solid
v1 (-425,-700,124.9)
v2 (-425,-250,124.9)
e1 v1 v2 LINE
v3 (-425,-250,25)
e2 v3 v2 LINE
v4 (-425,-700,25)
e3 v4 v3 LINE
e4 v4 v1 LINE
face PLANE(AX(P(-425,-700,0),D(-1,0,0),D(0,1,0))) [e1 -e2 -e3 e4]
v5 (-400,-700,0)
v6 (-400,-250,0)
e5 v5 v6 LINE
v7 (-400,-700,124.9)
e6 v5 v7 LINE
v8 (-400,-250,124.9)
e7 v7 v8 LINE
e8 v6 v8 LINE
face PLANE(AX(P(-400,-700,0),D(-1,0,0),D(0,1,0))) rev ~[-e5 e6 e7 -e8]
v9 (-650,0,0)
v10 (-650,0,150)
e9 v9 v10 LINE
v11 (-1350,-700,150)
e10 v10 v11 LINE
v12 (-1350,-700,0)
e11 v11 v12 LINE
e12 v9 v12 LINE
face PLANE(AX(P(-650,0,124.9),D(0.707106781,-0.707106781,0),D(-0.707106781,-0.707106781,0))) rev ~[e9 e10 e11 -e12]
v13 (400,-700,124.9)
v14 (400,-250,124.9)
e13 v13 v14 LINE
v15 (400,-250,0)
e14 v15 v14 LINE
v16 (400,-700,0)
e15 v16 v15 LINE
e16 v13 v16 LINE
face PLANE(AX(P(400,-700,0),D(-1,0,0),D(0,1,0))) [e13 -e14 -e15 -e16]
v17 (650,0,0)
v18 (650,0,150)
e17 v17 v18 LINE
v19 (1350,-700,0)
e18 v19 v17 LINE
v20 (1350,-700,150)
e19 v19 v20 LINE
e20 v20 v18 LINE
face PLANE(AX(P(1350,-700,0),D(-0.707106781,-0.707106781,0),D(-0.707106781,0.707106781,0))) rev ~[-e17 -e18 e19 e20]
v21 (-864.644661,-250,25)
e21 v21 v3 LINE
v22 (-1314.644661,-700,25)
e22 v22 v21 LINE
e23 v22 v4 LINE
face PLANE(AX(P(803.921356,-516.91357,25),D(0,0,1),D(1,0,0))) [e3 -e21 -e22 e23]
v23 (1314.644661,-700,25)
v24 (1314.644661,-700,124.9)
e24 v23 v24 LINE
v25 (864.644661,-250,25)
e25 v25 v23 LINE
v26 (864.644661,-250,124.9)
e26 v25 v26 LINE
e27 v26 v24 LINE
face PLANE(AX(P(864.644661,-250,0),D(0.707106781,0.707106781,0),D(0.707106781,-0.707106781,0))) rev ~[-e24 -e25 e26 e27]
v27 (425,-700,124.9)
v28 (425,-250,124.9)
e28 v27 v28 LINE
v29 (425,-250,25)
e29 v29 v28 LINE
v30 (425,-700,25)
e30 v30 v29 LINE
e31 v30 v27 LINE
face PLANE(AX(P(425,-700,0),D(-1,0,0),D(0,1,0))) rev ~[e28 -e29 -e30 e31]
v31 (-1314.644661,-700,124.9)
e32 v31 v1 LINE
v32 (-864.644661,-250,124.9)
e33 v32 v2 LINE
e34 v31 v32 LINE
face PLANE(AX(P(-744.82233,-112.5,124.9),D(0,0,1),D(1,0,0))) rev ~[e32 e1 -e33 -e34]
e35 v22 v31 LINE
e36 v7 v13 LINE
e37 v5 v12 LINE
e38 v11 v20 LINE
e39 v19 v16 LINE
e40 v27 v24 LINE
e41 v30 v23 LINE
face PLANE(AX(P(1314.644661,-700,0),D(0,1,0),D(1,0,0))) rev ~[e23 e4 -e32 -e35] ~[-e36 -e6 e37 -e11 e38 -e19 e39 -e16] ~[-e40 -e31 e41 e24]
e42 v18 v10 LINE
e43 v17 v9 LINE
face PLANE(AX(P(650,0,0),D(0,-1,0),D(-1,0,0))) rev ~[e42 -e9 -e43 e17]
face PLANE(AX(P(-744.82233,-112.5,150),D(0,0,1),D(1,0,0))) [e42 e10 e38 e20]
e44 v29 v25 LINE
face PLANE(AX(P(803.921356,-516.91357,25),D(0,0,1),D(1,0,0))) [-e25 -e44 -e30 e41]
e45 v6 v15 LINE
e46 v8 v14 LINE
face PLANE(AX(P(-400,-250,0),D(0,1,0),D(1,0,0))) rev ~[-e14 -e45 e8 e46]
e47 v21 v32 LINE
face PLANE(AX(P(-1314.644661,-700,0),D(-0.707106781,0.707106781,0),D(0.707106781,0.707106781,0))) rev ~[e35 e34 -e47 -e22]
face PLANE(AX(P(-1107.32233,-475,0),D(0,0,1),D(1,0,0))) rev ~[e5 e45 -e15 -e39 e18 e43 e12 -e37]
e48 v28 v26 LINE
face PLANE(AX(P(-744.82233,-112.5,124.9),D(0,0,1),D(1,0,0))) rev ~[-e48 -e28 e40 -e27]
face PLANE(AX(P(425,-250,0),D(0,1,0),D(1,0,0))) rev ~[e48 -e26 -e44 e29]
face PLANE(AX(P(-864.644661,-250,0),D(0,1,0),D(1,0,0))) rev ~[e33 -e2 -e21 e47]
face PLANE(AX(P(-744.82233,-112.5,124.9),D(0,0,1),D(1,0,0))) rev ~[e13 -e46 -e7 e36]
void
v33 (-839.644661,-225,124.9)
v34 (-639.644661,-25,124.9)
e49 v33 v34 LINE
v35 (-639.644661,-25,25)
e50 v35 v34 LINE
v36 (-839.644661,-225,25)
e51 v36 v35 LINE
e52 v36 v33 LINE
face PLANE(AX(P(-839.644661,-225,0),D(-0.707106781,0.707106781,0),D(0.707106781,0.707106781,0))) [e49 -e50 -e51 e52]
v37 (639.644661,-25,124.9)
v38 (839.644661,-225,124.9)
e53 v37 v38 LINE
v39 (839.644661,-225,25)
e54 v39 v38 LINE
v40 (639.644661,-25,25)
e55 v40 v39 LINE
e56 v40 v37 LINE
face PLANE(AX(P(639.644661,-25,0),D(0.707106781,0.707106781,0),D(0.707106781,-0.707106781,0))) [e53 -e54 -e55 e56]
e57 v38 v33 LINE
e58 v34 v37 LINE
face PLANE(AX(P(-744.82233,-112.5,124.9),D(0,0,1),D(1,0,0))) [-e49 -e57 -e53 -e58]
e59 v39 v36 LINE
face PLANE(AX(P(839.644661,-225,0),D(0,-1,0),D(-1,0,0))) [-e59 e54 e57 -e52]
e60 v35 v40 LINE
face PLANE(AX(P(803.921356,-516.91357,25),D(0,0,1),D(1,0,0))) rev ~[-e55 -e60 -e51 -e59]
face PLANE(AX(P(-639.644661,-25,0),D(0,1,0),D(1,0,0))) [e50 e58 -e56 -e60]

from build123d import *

# Parameters (mm, degrees)
F0_W     = 25
F0_H     = 450
F1_DEPTH = 125
F2_DEPTH = 25
F3_START = 124.9
F0_W_2   = 400
F3_DEPTH = 25.1


with BuildPart() as f1:
    # F0 (on Top) → F1 (new body)
    with BuildSketch(Plane.XY):
        Polygon((-864.6446609407, -250), (-900, -250), (-1350, -700), (-1314.6446609407, -700), align=None)
        Polygon((-839.6446609407, -225), (-875, -225), (-900, -250), (-864.6446609407, -250), align=None)
        Polygon((-614.6446609407, 0), (-650, 0), (-875, -225), (-839.6446609407, -225), (-639.6446609407, -25), align=None)
        Polygon((0, -225), (-839.6446609407, -225), (-864.6446609407, -250), (-425, -250), (-400, -250), (0, -250), align=None)
        Polygon((0, 0), (-614.6446609407, 0), (-639.6446609407, -25), (0, -25), align=None)
        Polygon((614.6446609407, 0), (0, 0), (0, -25), (639.6446609407, -25), align=None)
        Polygon((839.6446609407, -225), (0, -225), (0, -250), (400, -250), (425, -250), (864.6446609407, -250), align=None)
        with Locations((412.5, -475)):
            Rectangle(F0_W, F0_H)
        with Locations((-412.5, -475)):
            Rectangle(F0_W, F0_H)
        Polygon((650, 0), (614.6446609407, 0), (639.6446609407, -25), (839.6446609407, -225), (875, -225), align=None)
        Polygon((900, -250), (864.6446609407, -250), (1314.6446609407, -700), (1350, -700), align=None)
        Polygon((875, -225), (839.6446609407, -225), (864.6446609407, -250), (900, -250), align=None)
    extrude(amount=F1_DEPTH)

    # F0 (on Top) → F2 (join)
    with BuildSketch(Plane.XY):
        Polygon((1314.6446609407, -700), (864.6446609407, -250), (425, -250), (425, -700), align=None)
        Polygon((839.6446609407, -225), (0, -225), (0, -250), (400, -250), (425, -250), (864.6446609407, -250), align=None)
        Polygon((875, -225), (839.6446609407, -225), (864.6446609407, -250), (900, -250), align=None)
        Polygon((900, -250), (864.6446609407, -250), (1314.6446609407, -700), (1350, -700), align=None)
        Polygon((650, 0), (614.6446609407, 0), (639.6446609407, -25), (839.6446609407, -225), (875, -225), align=None)
        Polygon((639.6446609407, -25), (0, -25), (0, -225), (839.6446609407, -225), align=None)
        with Locations((412.5, -475)):
            Rectangle(F0_W, F0_H)
        Polygon((614.6446609407, 0), (0, 0), (0, -25), (639.6446609407, -25), align=None)
        Polygon((0, 0), (-614.6446609407, 0), (-639.6446609407, -25), (0, -25), align=None)
        Polygon((0, -25), (-639.6446609407, -25), (-839.6446609407, -225), (0, -225), align=None)
        Polygon((0, -225), (-839.6446609407, -225), (-864.6446609407, -250), (-425, -250), (-400, -250), (0, -250), align=None)
        with Locations((-412.5, -475)):
            Rectangle(F0_W, F0_H)
        Polygon((-425, -250), (-864.6446609407, -250), (-1314.6446609407, -700), (-425, -700), align=None)
        Polygon((-614.6446609407, 0), (-650, 0), (-875, -225), (-839.6446609407, -225), (-639.6446609407, -25), align=None)
        Polygon((-839.6446609407, -225), (-875, -225), (-900, -250), (-864.6446609407, -250), align=None)
        Polygon((-864.6446609407, -250), (-900, -250), (-1350, -700), (-1314.6446609407, -700), align=None)
    extrude(amount=F2_DEPTH)

    # F0 (on Top) → F3 (join)
    with BuildSketch(Plane.XY.offset(F3_START)):
        Polygon((-614.6446609407, 0), (-650, 0), (-875, -225), (-839.6446609407, -225), (-639.6446609407, -25), align=None)
        Polygon((0, 0), (-614.6446609407, 0), (-639.6446609407, -25), (0, -25), align=None)
        Polygon((-839.6446609407, -225), (-875, -225), (-900, -250), (-864.6446609407, -250), align=None)
        Polygon((614.6446609407, 0), (0, 0), (0, -25), (639.6446609407, -25), align=None)
        Polygon((-864.6446609407, -250), (-900, -250), (-1350, -700), (-1314.6446609407, -700), align=None)
        Polygon((650, 0), (614.6446609407, 0), (639.6446609407, -25), (839.6446609407, -225), (875, -225), align=None)
        Polygon((-425, -250), (-864.6446609407, -250), (-1314.6446609407, -700), (-425, -700), align=None)
        with Locations((-412.5, -475)):
            Rectangle(F0_W, F0_H)
        with Locations((200, -475)):
            Rectangle(F0_W_2, F0_H)
        with Locations((-200, -475)):
            Rectangle(F0_W_2, F0_H)
        Polygon((875, -225), (839.6446609407, -225), (864.6446609407, -250), (900, -250), align=None)
        with Locations((412.5, -475)):
            Rectangle(F0_W, F0_H)
        Polygon((1314.6446609407, -700), (864.6446609407, -250), (425, -250), (425, -700), align=None)
        Polygon((900, -250), (864.6446609407, -250), (1314.6446609407, -700), (1350, -700), align=None)
        Polygon((639.6446609407, -25), (0, -25), (0, -225), (839.6446609407, -225), align=None)
        Polygon((0, -25), (-639.6446609407, -25), (-839.6446609407, -225), (0, -225), align=None)
        Polygon((839.6446609407, -225), (0, -225), (0, -250), (400, -250), (425, -250), (864.6446609407, -250), align=None)
        Polygon((0, -225), (-839.6446609407, -225), (-864.6446609407, -250), (-425, -250), (-400, -250), (0, -250), align=None)
    extrude(amount=F3_DEPTH)


solid = f1.part
